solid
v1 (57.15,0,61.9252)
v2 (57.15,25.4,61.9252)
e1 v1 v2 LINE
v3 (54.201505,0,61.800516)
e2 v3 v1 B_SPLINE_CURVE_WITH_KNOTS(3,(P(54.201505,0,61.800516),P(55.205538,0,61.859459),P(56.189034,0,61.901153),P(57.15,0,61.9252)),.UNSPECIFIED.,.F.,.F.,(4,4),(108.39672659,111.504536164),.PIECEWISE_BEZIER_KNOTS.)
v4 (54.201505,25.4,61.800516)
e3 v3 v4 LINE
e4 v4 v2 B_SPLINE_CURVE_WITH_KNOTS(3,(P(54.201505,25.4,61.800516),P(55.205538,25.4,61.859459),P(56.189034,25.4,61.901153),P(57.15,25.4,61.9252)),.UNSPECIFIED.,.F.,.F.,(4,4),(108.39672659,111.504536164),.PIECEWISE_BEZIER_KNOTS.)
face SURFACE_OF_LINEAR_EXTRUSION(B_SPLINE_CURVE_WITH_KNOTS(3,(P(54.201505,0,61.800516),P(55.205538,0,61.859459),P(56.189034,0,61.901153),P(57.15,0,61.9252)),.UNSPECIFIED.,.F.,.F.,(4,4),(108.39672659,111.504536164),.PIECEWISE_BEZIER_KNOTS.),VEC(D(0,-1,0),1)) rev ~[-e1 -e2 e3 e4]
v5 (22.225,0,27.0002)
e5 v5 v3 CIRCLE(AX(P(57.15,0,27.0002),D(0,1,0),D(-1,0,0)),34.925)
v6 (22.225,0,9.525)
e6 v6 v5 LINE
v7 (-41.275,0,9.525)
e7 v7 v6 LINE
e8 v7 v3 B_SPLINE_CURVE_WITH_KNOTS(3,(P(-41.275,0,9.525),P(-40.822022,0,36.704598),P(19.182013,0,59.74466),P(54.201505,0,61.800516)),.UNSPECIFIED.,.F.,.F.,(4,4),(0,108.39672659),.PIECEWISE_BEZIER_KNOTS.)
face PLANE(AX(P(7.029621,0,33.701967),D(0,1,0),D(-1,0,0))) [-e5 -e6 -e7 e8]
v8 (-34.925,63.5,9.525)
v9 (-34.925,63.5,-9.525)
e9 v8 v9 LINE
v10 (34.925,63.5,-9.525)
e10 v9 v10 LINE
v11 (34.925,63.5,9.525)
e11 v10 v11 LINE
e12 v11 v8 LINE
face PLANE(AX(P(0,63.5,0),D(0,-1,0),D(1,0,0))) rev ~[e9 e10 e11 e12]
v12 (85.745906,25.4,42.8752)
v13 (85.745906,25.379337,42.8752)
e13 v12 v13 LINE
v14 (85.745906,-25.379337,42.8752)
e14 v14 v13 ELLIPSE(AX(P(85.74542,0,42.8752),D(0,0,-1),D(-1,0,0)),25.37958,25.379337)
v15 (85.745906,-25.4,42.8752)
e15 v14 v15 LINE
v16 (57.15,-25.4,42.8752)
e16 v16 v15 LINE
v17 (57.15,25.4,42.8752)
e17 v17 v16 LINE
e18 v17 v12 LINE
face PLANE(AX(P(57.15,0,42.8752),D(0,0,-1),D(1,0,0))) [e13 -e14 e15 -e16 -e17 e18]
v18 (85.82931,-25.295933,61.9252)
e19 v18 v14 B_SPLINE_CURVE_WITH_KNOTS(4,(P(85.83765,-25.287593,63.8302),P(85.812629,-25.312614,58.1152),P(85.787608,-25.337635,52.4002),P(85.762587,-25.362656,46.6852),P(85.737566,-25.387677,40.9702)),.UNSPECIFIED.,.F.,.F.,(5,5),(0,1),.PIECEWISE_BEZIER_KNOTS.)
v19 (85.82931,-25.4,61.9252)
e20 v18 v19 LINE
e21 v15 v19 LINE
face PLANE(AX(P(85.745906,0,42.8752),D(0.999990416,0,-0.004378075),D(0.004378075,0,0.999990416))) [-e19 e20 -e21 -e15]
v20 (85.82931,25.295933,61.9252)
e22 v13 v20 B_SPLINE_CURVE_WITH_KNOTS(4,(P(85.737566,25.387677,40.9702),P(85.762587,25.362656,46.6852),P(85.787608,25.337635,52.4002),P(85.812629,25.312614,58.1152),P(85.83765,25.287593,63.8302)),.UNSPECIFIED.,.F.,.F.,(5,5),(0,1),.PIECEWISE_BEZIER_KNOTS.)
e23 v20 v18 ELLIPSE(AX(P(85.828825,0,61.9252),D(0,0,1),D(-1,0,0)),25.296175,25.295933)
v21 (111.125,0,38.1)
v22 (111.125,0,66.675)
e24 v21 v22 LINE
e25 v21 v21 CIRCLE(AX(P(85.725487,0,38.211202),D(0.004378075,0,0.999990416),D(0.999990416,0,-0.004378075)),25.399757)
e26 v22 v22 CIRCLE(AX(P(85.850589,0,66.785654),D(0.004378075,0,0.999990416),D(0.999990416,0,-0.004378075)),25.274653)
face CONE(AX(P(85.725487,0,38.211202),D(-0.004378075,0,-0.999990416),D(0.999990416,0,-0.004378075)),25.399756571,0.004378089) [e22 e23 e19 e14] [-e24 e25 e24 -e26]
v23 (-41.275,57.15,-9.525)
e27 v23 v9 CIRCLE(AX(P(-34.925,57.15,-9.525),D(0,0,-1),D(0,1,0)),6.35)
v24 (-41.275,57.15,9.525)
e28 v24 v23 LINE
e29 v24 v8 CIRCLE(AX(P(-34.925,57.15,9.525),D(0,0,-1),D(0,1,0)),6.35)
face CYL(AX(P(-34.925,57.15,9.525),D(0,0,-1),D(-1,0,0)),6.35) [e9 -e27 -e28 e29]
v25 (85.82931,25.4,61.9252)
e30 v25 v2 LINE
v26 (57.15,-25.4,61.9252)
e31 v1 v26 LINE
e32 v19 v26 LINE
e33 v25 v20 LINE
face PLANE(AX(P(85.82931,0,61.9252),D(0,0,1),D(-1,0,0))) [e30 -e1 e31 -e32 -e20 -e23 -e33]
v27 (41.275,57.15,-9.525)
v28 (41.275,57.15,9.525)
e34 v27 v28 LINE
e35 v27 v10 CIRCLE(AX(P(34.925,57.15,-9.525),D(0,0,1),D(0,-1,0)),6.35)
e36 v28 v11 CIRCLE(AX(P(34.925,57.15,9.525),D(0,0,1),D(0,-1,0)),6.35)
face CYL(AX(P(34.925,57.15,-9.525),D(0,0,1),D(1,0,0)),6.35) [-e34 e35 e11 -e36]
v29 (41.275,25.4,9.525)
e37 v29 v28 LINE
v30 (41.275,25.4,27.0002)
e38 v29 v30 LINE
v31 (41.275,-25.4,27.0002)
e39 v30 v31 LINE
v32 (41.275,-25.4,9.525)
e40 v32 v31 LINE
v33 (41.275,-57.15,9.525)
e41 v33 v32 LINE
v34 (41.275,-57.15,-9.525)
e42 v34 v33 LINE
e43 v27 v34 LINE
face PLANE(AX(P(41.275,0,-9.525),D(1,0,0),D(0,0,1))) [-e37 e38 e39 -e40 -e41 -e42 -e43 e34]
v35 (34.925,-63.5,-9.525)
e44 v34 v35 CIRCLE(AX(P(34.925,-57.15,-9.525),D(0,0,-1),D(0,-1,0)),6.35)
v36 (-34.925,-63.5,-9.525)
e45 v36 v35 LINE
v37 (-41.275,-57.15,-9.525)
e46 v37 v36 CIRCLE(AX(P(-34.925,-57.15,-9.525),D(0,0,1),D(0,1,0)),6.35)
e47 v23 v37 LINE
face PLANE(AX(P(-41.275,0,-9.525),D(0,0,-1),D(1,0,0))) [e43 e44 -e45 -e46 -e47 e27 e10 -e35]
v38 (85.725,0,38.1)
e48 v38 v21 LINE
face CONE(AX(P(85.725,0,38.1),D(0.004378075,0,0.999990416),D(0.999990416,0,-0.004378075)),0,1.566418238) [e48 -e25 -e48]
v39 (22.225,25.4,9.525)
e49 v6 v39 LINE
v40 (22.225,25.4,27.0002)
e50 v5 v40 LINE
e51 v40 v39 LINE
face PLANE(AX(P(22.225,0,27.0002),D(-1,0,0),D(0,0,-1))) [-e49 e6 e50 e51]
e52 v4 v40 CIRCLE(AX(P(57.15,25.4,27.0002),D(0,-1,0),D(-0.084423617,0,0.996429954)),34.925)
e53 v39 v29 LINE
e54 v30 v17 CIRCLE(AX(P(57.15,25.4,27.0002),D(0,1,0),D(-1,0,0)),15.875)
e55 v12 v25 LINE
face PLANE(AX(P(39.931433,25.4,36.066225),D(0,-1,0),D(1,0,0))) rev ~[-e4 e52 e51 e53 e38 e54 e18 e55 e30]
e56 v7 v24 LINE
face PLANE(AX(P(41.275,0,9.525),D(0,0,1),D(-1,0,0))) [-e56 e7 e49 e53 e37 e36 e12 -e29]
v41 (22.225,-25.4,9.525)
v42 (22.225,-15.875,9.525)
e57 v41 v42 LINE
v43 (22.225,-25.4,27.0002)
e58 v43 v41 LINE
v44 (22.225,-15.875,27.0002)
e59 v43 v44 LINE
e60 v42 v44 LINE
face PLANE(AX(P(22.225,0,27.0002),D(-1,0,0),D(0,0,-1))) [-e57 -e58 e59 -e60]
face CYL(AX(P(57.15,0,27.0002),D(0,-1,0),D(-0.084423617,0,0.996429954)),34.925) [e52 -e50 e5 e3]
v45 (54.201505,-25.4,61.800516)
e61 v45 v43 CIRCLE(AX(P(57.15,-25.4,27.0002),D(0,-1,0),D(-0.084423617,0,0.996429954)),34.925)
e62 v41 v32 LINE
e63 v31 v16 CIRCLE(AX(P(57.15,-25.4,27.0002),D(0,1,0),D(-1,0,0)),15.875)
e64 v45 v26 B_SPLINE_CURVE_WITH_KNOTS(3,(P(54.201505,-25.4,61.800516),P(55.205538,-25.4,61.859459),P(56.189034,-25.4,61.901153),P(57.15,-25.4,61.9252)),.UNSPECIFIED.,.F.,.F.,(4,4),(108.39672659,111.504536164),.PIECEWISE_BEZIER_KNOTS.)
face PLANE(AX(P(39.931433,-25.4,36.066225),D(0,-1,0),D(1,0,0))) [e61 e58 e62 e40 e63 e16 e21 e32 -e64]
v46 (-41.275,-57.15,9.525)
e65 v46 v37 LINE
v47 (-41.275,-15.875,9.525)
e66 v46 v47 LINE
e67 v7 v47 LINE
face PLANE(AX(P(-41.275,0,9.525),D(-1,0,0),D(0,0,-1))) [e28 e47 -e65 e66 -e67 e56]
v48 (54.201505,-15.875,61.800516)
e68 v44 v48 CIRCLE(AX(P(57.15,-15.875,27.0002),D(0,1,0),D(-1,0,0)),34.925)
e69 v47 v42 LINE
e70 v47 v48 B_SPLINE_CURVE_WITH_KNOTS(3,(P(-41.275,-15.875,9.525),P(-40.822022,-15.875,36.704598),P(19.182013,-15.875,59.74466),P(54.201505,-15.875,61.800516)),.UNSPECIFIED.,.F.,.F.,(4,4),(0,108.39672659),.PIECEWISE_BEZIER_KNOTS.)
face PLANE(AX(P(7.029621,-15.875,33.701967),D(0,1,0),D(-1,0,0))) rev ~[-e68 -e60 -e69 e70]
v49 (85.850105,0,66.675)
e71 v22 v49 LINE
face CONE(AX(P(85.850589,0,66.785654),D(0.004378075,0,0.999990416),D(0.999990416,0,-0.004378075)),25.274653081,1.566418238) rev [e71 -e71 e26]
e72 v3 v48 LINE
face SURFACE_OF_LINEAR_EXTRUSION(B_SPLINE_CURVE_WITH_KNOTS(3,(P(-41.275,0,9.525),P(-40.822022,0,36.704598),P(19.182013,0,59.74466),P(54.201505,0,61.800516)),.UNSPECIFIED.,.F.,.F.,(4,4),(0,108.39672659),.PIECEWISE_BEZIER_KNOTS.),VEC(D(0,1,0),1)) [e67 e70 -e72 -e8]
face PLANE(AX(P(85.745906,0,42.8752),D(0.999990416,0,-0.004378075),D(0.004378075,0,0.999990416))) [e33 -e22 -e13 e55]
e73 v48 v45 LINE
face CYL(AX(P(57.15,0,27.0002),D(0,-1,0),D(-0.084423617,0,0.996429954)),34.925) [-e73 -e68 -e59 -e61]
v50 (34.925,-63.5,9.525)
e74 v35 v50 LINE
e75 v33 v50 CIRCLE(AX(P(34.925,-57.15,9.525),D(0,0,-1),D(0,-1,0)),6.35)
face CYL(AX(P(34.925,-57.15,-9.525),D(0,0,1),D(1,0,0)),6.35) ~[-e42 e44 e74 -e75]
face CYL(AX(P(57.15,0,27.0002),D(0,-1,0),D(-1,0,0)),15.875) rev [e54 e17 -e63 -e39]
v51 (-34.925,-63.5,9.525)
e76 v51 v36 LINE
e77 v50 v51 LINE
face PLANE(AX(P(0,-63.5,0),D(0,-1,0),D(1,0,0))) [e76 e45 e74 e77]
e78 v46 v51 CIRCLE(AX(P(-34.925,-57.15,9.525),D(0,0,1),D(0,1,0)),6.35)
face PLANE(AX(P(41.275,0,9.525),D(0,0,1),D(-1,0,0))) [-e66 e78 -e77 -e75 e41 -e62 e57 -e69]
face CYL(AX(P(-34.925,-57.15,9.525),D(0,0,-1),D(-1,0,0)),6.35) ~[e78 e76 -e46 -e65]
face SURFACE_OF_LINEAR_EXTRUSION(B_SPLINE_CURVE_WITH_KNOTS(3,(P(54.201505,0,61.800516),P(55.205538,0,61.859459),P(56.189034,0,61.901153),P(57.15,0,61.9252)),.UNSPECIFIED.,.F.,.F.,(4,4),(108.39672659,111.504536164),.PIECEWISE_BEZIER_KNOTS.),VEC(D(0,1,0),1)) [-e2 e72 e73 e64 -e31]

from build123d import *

# Parameters (mm, degrees)
F1_DEPTH = 63.5
F2_DEPTH = 25.4
F3_DEPTH = 15.875
F5_R     = 6.35


with BuildPart() as f1:
    # F0 (on Front) → F1 (new body, symmetric)
    with BuildSketch(Plane.XZ):
        Polygon((-41.275, 9.525), (-41.275, -9.525), (41.275, -9.525), (41.275, 9.525), (22.225, 9.525), align=None)
    extrude(amount=F1_DEPTH, both=True)

    # F0 (on Front) → F2 (join, symmetric)
    with BuildSketch(Plane.XZ):
        with BuildLine():
            Line((22.225, 9.525), (41.275, 9.525))
            Line((41.275, 9.525), (41.275, 27.0002))
            ThreePointArc((41.275, 27.0002), (45.9246798487, 38.2255201513), (57.15, 42.8752))
            Line((57.15, 42.8752), (60.325, 42.8752))
            Line((60.325, 42.8752), (60.325, 61.9252))
            Line((60.325, 61.9252), (57.15, 61.9252))
            add(Edge.make_bspline(
                [(54.201505188, 61.8005161386), (55.2055384053, 61.8594589572), (56.1890341086, 61.9011525736), (57.15, 61.9252)],
                knots=[108.3967265897, 108.3967265897, 108.3967265897, 108.3967265897, 111.5045361635, 111.5045361635, 111.5045361635, 111.5045361635], degree=3))
            ThreePointArc((54.201505188, 61.8005161386), (31.4329647285, 50.6304713028), (22.225, 27.0002))
            Line((22.225, 27.0002), (22.225, 9.525))
        make_face()
        Polygon((85.8293095101, 61.9252), (60.325, 61.9252), (60.325, 42.8752), (85.7459063837, 42.8752), align=None)
    extrude(amount=F2_DEPTH, both=True)

    # F0 (on Front) → F3 (join)
    with BuildSketch(Plane.XZ):
        with BuildLine():
            add(Edge.make_bspline(
                [(-41.275, 9.525), (-40.8220224818, 36.7045980931), (19.1820126646, 59.7446602565), (54.201505188, 61.8005161386)],
                knots=[0, 0, 0, 0, 108.3967265897, 108.3967265897, 108.3967265897, 108.3967265897], degree=3))
            Line((-41.275, 9.525), (22.225, 9.525))
            Line((22.225, 9.525), (22.225, 27.0002))
            ThreePointArc((22.225, 27.0002), (31.4329647285, 50.6304713028), (54.201505188, 61.8005161386))
        make_face()
    extrude(amount=F3_DEPTH)

    # F0 (on Front) → F4 (revolve)
    with BuildSketch(Plane.XZ):
        Polygon((85.8501046896, 66.675), (85.8293095101, 61.9252), (85.7459063837, 42.8752), (85.725, 38.1), (111.125, 38.1), (111.125, 66.675), align=None)
    revolve(axis=Axis((85.7875523448, 0, 52.3875), (0.0043780749, 0, 0.9999904162)))

    # F5
    f5_edges = [f1.edges().sort_by_distance(p)[0] for p in [
        (41.275, -63.5, 0),
        (-41.275, -63.5, 0),
        (41.275, 63.5, 0),
        (-41.275, 63.5, 0),
    ]]
    fillet(f5_edges, radius=F5_R)


solid = f1.part
